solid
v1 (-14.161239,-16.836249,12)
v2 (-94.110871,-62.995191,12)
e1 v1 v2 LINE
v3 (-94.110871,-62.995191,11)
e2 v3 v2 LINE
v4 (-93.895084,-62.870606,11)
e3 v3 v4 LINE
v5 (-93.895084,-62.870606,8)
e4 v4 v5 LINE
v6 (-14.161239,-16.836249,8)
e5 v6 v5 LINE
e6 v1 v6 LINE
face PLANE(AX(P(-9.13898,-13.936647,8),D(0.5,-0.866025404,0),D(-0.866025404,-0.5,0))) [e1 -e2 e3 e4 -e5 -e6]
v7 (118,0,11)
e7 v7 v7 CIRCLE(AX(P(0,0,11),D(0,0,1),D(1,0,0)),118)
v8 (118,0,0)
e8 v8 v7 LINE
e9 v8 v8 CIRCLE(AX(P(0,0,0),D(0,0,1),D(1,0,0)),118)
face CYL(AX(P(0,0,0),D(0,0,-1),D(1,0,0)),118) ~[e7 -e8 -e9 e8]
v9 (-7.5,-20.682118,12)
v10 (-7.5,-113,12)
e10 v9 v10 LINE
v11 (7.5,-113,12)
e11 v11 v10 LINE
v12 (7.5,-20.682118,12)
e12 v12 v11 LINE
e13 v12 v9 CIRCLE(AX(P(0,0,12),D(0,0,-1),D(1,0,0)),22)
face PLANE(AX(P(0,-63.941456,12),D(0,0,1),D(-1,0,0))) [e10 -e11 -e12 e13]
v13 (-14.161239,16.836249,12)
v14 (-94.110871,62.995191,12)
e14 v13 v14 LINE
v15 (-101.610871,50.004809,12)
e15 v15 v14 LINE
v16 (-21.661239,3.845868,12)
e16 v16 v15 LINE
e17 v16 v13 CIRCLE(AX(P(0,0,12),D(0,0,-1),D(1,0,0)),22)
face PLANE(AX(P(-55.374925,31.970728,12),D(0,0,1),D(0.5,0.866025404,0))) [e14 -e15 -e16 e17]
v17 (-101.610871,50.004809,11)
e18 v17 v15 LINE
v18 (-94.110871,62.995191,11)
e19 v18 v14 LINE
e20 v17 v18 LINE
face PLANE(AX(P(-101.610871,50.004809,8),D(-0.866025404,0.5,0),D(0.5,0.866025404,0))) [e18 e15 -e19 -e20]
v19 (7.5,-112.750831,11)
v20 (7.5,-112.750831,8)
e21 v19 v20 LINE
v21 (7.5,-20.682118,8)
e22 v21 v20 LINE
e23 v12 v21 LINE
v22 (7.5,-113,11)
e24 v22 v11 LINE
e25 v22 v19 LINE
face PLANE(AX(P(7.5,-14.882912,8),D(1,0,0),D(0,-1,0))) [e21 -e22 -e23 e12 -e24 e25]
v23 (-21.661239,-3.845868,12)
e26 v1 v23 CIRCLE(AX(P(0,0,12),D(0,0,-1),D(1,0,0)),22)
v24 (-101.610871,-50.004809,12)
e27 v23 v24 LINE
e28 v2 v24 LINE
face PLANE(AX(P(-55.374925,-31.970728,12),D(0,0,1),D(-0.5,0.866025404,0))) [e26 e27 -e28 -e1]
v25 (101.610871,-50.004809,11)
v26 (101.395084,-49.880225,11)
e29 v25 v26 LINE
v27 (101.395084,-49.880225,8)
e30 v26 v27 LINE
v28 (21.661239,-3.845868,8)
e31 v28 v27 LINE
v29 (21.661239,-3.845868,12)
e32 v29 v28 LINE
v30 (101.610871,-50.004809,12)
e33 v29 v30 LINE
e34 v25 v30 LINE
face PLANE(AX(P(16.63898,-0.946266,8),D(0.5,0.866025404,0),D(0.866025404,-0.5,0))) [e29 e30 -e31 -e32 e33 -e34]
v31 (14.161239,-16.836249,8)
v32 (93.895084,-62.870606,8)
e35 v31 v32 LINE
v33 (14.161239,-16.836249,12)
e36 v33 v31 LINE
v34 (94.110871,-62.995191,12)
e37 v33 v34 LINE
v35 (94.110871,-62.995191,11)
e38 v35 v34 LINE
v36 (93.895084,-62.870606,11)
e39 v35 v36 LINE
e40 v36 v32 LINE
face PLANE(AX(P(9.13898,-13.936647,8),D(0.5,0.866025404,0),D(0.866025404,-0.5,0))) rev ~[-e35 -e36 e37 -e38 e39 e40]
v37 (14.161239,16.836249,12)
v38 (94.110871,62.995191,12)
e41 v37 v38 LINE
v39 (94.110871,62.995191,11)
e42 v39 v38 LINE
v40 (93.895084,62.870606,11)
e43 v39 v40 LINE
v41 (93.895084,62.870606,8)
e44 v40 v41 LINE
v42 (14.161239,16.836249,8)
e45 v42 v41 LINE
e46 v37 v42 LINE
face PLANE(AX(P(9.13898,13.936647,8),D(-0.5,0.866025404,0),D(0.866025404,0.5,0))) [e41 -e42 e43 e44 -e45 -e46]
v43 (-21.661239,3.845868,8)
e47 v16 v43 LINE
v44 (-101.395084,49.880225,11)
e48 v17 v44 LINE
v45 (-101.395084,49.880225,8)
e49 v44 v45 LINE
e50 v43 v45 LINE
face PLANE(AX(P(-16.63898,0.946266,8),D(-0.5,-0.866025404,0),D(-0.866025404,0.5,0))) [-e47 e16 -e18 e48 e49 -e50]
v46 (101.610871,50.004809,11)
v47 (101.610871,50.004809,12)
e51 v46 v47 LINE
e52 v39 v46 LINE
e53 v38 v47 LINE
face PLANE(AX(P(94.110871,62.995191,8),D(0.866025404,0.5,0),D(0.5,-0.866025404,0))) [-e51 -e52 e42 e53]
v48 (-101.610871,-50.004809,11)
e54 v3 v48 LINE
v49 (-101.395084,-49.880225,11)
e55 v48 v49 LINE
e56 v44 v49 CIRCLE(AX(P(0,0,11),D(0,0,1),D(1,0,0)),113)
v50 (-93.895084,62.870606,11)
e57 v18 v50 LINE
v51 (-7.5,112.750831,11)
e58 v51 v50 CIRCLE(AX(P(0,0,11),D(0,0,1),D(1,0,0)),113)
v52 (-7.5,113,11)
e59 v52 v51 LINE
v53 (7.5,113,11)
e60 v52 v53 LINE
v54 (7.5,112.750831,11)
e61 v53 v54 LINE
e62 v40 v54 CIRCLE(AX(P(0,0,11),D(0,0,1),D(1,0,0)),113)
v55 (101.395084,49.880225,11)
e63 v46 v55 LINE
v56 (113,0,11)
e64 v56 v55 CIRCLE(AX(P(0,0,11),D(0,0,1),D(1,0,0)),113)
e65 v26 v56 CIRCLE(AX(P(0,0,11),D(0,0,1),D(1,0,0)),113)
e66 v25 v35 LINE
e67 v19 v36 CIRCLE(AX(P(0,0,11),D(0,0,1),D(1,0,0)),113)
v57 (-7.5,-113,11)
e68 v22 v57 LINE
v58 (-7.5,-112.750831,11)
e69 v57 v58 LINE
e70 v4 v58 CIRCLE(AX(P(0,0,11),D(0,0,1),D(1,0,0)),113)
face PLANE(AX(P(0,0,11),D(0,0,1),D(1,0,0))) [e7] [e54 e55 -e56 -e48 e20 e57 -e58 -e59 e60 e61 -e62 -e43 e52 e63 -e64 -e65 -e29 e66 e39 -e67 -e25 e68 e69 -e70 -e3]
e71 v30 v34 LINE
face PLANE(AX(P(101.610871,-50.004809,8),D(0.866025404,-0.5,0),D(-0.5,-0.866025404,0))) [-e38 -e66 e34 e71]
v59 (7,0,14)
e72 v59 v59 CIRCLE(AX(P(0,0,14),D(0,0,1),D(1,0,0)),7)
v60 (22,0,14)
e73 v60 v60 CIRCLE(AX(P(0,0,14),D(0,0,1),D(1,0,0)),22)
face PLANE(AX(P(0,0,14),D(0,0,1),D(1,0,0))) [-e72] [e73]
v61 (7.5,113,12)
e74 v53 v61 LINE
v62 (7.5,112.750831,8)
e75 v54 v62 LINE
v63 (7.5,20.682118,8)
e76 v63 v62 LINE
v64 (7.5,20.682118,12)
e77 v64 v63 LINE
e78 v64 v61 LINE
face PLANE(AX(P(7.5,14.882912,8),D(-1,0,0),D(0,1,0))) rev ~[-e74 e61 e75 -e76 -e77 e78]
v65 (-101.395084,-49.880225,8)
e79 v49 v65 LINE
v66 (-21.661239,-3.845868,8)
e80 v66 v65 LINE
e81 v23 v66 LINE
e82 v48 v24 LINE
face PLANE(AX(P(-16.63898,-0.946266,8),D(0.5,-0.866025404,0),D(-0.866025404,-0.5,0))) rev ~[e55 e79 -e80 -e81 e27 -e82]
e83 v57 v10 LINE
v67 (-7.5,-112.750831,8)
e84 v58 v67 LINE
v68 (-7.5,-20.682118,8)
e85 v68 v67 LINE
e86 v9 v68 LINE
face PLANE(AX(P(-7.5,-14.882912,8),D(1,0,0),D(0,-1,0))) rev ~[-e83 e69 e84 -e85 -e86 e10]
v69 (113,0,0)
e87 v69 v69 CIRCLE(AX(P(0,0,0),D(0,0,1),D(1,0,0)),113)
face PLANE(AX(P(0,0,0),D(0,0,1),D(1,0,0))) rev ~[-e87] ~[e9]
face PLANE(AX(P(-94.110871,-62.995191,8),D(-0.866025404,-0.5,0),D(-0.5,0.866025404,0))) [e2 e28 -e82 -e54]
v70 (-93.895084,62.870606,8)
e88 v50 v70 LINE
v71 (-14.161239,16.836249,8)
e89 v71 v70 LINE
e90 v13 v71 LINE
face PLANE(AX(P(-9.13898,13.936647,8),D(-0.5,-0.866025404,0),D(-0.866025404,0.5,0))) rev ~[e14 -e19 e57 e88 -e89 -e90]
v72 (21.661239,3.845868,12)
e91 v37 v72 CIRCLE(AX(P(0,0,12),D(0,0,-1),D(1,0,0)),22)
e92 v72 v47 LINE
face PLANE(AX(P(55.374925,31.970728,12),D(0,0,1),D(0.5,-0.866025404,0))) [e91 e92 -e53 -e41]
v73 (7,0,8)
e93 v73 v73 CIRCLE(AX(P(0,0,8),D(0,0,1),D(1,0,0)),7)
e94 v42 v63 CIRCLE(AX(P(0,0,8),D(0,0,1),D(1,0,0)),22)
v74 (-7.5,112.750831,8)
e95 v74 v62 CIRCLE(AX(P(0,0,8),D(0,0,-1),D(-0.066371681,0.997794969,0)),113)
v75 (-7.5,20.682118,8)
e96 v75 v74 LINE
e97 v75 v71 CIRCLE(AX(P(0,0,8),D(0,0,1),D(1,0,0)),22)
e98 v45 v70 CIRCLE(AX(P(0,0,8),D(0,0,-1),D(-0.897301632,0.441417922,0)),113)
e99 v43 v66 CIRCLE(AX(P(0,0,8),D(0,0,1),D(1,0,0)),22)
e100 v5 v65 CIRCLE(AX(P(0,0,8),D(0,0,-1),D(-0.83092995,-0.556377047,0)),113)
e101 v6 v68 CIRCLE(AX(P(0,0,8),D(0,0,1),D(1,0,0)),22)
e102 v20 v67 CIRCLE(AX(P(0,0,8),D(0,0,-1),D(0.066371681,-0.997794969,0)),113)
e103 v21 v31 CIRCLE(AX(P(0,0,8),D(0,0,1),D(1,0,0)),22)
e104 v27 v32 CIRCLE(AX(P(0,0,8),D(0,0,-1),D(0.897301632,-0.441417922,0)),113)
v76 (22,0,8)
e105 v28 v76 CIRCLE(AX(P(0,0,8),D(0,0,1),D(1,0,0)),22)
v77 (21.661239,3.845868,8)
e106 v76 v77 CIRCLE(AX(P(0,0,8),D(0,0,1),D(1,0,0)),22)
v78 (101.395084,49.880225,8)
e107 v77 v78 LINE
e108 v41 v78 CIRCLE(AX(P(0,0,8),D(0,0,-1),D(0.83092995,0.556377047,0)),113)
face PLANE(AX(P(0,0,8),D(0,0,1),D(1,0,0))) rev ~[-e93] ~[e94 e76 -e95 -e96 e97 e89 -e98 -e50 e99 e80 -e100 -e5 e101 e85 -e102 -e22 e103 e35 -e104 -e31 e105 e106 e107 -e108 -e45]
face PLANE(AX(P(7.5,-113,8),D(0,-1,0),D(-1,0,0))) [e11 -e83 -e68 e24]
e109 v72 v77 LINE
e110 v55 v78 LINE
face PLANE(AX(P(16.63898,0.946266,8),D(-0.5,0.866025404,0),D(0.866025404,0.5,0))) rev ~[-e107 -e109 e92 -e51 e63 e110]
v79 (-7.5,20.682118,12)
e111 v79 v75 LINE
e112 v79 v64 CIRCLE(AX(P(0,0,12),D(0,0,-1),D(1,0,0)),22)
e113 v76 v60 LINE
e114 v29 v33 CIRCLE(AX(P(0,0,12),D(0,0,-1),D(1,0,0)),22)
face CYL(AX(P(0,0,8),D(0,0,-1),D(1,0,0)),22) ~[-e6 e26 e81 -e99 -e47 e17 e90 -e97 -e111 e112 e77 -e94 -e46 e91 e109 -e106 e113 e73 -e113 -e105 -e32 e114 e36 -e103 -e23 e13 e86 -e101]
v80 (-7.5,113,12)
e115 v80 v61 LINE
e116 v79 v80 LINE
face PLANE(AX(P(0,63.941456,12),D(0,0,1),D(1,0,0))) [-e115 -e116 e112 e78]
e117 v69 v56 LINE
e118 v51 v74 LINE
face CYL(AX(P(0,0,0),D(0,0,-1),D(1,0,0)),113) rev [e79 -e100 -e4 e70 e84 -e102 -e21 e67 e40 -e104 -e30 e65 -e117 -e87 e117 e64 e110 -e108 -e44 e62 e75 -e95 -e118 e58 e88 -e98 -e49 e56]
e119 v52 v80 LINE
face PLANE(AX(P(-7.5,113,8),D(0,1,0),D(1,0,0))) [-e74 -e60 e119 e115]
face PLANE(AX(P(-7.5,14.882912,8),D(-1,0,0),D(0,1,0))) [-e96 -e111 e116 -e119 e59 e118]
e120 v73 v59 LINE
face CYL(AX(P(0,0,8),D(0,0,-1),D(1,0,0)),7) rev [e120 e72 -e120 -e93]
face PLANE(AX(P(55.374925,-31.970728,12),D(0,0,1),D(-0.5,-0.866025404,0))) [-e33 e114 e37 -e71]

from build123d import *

# Parameters (mm, degrees)
SKETCH_1_R               = 118
SKETCH_1_R_2             = 113
EXTRUDE_1_DEPTH          = 11
EXTRUDE_START            = -3
SKETCH_2_W               = 15
SKETCH_2_H               = 98.117087724
EXTRUDE_2_DEPTH          = 4
PATTERN_CIRCULAR_1_COUNT = 6
EXTRUDE_3_DEPTH          = 3
EXTRUDE_3_DEPTH_BACK     = 3
SKETCH_3_R               = 22
SKETCH_3_R_2             = 7


with BuildPart() as part:
    # 草图1 → 拉伸-薄壁1 (new body)
    with BuildSketch(Plane.XY):
        Circle(SKETCH_1_R)
        Circle(SKETCH_1_R_2, mode=Mode.SUBTRACT)
    extrude(amount=EXTRUDE_1_DEPTH)

    # 草图2 → 拉伸-薄壁2 (add)
    with BuildSketch(Plane.XY.offset(11).offset(EXTRUDE_START)):
        with Locations((0, 63.941456138)):
            Rectangle(SKETCH_2_W, SKETCH_2_H)
    extrude_2 = extrude(amount=EXTRUDE_2_DEPTH)

    # 阵列(圆周)1: 拉伸-薄壁2 ×6 about axis
    pattern_circular_1_axis = Axis((0, 0, 0), (0, 0, 1))
    for i in range(1, PATTERN_CIRCULAR_1_COUNT):
        add(extrude_2.rotate(pattern_circular_1_axis, i * 360 / PATTERN_CIRCULAR_1_COUNT))

    # 草图3 → 拉伸-薄壁3 (add, two sides: drawn at the far end of the back side and taken through both)
    with BuildSketch(Plane.XY.offset(11).offset(-EXTRUDE_3_DEPTH_BACK)):
        Circle(SKETCH_3_R)
        Circle(SKETCH_3_R_2, mode=Mode.SUBTRACT)
    extrude(amount=EXTRUDE_3_DEPTH + EXTRUDE_3_DEPTH_BACK)


solid = part.part
